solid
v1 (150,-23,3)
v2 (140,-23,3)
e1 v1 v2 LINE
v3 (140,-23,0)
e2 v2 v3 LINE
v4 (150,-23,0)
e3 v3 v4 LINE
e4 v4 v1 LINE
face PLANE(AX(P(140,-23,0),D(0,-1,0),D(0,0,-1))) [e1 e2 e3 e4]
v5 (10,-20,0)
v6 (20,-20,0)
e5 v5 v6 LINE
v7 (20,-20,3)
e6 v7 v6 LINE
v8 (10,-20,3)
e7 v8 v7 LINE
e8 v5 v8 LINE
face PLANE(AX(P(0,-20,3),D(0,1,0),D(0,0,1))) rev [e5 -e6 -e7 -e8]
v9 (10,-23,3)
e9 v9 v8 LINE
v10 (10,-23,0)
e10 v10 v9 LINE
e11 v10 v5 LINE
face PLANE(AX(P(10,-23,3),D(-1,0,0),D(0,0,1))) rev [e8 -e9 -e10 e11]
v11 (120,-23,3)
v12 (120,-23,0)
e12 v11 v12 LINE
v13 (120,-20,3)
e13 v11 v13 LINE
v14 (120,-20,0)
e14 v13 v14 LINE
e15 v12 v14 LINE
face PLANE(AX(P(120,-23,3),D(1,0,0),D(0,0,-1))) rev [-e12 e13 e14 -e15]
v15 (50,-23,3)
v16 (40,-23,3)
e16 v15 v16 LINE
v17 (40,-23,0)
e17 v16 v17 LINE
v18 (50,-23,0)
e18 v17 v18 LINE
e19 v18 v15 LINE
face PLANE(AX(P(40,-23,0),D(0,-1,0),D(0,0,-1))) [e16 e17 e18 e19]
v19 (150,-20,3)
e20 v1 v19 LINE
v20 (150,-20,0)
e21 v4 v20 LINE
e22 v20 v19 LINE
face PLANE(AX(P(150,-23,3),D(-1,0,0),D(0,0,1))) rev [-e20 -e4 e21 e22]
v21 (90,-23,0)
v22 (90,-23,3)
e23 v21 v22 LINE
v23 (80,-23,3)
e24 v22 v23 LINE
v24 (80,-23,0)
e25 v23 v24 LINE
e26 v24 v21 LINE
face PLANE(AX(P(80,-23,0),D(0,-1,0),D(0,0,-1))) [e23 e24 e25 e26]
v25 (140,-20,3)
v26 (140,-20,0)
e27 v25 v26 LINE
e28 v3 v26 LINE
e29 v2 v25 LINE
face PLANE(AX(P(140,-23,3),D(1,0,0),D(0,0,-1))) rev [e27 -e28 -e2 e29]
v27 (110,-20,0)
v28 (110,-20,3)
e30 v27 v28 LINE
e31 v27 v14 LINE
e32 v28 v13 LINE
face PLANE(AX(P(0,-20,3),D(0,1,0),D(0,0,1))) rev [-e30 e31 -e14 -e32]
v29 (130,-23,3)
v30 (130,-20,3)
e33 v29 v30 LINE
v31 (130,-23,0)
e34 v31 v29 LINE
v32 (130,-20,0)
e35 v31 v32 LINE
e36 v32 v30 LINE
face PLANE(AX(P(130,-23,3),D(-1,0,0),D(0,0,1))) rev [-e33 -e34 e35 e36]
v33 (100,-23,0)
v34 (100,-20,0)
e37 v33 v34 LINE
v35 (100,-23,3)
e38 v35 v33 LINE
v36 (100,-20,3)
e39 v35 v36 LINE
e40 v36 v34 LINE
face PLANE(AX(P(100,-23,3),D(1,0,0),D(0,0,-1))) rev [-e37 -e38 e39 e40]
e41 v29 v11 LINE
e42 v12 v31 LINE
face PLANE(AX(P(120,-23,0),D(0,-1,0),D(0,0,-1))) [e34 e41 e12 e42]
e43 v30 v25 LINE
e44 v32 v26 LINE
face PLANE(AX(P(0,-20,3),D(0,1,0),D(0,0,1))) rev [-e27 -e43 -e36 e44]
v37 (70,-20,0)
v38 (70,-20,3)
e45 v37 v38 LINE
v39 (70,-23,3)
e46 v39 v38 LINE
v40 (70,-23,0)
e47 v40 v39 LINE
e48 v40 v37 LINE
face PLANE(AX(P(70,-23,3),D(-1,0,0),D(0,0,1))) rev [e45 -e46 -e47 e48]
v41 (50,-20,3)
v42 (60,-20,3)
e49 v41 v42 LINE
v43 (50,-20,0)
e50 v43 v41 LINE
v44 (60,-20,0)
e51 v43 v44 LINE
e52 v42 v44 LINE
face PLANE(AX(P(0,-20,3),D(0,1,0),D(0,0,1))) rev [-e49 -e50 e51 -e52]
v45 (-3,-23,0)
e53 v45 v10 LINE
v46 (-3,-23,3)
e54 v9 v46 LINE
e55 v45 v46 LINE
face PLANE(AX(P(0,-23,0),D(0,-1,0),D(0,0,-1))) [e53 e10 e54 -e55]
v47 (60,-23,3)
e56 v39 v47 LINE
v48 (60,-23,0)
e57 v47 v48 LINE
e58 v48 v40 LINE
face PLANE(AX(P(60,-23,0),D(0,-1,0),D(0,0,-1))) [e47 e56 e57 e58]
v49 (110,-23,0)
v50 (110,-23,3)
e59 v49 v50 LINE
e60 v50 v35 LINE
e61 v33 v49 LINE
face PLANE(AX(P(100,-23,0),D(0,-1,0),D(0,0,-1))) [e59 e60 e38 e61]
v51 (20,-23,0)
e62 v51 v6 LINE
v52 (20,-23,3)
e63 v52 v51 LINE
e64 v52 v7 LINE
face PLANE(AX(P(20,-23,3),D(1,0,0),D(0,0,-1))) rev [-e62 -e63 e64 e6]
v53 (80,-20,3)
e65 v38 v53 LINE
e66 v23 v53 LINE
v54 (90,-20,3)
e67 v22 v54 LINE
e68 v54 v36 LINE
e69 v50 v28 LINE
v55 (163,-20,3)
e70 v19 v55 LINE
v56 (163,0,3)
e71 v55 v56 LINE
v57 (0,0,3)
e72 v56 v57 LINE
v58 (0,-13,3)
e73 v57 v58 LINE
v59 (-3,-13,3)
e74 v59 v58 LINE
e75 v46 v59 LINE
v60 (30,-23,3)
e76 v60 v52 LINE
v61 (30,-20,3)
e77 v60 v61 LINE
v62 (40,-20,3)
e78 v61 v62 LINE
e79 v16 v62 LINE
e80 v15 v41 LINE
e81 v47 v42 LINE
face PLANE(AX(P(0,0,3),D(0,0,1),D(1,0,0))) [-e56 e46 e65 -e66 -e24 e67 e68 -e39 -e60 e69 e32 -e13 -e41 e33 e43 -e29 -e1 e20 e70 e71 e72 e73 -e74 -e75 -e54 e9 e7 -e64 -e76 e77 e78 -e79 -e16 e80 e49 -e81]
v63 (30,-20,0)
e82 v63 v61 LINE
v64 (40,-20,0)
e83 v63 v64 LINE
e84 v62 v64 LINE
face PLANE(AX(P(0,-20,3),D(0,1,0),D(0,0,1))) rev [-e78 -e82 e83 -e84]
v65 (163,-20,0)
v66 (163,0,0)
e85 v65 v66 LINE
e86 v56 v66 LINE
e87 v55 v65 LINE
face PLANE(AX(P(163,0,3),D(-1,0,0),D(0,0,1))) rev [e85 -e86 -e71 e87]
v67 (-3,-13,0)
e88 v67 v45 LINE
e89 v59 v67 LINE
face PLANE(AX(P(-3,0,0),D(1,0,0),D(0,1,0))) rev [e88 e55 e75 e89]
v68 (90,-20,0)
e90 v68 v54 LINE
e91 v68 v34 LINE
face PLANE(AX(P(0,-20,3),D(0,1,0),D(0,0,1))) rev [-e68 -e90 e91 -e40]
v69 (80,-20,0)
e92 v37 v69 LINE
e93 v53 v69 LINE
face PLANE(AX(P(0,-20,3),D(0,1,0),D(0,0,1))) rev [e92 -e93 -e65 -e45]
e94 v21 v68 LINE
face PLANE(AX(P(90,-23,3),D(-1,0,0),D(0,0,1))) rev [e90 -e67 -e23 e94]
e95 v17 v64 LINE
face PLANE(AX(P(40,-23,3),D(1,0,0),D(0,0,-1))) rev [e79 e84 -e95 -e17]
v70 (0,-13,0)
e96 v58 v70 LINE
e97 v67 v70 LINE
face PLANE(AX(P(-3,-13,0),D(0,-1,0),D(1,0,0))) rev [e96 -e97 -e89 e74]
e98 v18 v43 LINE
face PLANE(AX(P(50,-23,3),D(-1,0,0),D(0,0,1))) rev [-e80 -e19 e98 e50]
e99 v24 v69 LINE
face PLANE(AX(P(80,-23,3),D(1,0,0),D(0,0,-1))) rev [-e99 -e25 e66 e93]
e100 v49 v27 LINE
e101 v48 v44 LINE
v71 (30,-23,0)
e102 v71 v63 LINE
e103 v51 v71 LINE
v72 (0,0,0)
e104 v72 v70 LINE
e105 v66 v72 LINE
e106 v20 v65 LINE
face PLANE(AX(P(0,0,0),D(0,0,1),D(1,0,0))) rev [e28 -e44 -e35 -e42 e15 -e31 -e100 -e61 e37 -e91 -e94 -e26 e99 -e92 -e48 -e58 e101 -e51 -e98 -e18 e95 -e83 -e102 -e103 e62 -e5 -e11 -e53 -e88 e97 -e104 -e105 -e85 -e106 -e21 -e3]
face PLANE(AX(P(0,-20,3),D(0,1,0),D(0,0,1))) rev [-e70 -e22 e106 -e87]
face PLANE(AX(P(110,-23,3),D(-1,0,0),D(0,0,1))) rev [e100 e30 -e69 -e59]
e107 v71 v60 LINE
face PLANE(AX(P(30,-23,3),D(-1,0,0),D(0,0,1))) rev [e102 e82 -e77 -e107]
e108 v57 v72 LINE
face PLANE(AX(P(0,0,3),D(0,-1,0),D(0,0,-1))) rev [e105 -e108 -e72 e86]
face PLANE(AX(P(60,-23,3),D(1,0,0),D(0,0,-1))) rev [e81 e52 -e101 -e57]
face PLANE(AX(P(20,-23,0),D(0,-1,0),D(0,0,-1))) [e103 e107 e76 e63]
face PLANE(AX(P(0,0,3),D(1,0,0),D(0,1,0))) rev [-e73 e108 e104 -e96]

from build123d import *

# Parameters (mm, degrees)
ESQUISSE1_W                = 163
ESQUISSE1_H                = 20
BOSS_EXTRU_1_DEPTH         = 3
ESQUISSE2_W                = 10
ESQUISSE2_H                = 3
BOSS_EXTRU_2_DEPTH         = 3
R_P_TITION_LIN_AIRE1_COUNT = 8
R_P_TITION_LIN_AIRE1_PITCH = 20
ESQUISSE3_W                = 3
ESQUISSE3_H                = 10
BOSS_EXTRU_3_DEPTH         = 3


with BuildPart() as part:
    # Esquisse1 → Boss.-Extru.1 (new body)
    with BuildSketch(Plane.XY):
        with Locations((81.5, -10)):
            Rectangle(ESQUISSE1_W, ESQUISSE1_H)
    extrude(amount=BOSS_EXTRU_1_DEPTH)

    # Esquisse2 → Boss.-Extru.2 (add)
    with BuildSketch(Plane.XZ.offset(20)):
        with Locations((5, 1.5)):
            Rectangle(ESQUISSE2_W, ESQUISSE2_H)
    boss_extru_2 = extrude(amount=BOSS_EXTRU_2_DEPTH)

    # Répétition linéaire1: Boss.-Extru.2 ×8
    with Locations(*[(i * R_P_TITION_LIN_AIRE1_PITCH, 0, 0) for i in range(1, R_P_TITION_LIN_AIRE1_COUNT)]):
        add(boss_extru_2)

    # Esquisse3 → Boss.-Extru.3 (add)
    with BuildSketch(Plane.ZY):
        with Locations((1.5, -18)):
            Rectangle(ESQUISSE3_W, ESQUISSE3_H)
    extrude(amount=BOSS_EXTRU_3_DEPTH)


solid = part.part
